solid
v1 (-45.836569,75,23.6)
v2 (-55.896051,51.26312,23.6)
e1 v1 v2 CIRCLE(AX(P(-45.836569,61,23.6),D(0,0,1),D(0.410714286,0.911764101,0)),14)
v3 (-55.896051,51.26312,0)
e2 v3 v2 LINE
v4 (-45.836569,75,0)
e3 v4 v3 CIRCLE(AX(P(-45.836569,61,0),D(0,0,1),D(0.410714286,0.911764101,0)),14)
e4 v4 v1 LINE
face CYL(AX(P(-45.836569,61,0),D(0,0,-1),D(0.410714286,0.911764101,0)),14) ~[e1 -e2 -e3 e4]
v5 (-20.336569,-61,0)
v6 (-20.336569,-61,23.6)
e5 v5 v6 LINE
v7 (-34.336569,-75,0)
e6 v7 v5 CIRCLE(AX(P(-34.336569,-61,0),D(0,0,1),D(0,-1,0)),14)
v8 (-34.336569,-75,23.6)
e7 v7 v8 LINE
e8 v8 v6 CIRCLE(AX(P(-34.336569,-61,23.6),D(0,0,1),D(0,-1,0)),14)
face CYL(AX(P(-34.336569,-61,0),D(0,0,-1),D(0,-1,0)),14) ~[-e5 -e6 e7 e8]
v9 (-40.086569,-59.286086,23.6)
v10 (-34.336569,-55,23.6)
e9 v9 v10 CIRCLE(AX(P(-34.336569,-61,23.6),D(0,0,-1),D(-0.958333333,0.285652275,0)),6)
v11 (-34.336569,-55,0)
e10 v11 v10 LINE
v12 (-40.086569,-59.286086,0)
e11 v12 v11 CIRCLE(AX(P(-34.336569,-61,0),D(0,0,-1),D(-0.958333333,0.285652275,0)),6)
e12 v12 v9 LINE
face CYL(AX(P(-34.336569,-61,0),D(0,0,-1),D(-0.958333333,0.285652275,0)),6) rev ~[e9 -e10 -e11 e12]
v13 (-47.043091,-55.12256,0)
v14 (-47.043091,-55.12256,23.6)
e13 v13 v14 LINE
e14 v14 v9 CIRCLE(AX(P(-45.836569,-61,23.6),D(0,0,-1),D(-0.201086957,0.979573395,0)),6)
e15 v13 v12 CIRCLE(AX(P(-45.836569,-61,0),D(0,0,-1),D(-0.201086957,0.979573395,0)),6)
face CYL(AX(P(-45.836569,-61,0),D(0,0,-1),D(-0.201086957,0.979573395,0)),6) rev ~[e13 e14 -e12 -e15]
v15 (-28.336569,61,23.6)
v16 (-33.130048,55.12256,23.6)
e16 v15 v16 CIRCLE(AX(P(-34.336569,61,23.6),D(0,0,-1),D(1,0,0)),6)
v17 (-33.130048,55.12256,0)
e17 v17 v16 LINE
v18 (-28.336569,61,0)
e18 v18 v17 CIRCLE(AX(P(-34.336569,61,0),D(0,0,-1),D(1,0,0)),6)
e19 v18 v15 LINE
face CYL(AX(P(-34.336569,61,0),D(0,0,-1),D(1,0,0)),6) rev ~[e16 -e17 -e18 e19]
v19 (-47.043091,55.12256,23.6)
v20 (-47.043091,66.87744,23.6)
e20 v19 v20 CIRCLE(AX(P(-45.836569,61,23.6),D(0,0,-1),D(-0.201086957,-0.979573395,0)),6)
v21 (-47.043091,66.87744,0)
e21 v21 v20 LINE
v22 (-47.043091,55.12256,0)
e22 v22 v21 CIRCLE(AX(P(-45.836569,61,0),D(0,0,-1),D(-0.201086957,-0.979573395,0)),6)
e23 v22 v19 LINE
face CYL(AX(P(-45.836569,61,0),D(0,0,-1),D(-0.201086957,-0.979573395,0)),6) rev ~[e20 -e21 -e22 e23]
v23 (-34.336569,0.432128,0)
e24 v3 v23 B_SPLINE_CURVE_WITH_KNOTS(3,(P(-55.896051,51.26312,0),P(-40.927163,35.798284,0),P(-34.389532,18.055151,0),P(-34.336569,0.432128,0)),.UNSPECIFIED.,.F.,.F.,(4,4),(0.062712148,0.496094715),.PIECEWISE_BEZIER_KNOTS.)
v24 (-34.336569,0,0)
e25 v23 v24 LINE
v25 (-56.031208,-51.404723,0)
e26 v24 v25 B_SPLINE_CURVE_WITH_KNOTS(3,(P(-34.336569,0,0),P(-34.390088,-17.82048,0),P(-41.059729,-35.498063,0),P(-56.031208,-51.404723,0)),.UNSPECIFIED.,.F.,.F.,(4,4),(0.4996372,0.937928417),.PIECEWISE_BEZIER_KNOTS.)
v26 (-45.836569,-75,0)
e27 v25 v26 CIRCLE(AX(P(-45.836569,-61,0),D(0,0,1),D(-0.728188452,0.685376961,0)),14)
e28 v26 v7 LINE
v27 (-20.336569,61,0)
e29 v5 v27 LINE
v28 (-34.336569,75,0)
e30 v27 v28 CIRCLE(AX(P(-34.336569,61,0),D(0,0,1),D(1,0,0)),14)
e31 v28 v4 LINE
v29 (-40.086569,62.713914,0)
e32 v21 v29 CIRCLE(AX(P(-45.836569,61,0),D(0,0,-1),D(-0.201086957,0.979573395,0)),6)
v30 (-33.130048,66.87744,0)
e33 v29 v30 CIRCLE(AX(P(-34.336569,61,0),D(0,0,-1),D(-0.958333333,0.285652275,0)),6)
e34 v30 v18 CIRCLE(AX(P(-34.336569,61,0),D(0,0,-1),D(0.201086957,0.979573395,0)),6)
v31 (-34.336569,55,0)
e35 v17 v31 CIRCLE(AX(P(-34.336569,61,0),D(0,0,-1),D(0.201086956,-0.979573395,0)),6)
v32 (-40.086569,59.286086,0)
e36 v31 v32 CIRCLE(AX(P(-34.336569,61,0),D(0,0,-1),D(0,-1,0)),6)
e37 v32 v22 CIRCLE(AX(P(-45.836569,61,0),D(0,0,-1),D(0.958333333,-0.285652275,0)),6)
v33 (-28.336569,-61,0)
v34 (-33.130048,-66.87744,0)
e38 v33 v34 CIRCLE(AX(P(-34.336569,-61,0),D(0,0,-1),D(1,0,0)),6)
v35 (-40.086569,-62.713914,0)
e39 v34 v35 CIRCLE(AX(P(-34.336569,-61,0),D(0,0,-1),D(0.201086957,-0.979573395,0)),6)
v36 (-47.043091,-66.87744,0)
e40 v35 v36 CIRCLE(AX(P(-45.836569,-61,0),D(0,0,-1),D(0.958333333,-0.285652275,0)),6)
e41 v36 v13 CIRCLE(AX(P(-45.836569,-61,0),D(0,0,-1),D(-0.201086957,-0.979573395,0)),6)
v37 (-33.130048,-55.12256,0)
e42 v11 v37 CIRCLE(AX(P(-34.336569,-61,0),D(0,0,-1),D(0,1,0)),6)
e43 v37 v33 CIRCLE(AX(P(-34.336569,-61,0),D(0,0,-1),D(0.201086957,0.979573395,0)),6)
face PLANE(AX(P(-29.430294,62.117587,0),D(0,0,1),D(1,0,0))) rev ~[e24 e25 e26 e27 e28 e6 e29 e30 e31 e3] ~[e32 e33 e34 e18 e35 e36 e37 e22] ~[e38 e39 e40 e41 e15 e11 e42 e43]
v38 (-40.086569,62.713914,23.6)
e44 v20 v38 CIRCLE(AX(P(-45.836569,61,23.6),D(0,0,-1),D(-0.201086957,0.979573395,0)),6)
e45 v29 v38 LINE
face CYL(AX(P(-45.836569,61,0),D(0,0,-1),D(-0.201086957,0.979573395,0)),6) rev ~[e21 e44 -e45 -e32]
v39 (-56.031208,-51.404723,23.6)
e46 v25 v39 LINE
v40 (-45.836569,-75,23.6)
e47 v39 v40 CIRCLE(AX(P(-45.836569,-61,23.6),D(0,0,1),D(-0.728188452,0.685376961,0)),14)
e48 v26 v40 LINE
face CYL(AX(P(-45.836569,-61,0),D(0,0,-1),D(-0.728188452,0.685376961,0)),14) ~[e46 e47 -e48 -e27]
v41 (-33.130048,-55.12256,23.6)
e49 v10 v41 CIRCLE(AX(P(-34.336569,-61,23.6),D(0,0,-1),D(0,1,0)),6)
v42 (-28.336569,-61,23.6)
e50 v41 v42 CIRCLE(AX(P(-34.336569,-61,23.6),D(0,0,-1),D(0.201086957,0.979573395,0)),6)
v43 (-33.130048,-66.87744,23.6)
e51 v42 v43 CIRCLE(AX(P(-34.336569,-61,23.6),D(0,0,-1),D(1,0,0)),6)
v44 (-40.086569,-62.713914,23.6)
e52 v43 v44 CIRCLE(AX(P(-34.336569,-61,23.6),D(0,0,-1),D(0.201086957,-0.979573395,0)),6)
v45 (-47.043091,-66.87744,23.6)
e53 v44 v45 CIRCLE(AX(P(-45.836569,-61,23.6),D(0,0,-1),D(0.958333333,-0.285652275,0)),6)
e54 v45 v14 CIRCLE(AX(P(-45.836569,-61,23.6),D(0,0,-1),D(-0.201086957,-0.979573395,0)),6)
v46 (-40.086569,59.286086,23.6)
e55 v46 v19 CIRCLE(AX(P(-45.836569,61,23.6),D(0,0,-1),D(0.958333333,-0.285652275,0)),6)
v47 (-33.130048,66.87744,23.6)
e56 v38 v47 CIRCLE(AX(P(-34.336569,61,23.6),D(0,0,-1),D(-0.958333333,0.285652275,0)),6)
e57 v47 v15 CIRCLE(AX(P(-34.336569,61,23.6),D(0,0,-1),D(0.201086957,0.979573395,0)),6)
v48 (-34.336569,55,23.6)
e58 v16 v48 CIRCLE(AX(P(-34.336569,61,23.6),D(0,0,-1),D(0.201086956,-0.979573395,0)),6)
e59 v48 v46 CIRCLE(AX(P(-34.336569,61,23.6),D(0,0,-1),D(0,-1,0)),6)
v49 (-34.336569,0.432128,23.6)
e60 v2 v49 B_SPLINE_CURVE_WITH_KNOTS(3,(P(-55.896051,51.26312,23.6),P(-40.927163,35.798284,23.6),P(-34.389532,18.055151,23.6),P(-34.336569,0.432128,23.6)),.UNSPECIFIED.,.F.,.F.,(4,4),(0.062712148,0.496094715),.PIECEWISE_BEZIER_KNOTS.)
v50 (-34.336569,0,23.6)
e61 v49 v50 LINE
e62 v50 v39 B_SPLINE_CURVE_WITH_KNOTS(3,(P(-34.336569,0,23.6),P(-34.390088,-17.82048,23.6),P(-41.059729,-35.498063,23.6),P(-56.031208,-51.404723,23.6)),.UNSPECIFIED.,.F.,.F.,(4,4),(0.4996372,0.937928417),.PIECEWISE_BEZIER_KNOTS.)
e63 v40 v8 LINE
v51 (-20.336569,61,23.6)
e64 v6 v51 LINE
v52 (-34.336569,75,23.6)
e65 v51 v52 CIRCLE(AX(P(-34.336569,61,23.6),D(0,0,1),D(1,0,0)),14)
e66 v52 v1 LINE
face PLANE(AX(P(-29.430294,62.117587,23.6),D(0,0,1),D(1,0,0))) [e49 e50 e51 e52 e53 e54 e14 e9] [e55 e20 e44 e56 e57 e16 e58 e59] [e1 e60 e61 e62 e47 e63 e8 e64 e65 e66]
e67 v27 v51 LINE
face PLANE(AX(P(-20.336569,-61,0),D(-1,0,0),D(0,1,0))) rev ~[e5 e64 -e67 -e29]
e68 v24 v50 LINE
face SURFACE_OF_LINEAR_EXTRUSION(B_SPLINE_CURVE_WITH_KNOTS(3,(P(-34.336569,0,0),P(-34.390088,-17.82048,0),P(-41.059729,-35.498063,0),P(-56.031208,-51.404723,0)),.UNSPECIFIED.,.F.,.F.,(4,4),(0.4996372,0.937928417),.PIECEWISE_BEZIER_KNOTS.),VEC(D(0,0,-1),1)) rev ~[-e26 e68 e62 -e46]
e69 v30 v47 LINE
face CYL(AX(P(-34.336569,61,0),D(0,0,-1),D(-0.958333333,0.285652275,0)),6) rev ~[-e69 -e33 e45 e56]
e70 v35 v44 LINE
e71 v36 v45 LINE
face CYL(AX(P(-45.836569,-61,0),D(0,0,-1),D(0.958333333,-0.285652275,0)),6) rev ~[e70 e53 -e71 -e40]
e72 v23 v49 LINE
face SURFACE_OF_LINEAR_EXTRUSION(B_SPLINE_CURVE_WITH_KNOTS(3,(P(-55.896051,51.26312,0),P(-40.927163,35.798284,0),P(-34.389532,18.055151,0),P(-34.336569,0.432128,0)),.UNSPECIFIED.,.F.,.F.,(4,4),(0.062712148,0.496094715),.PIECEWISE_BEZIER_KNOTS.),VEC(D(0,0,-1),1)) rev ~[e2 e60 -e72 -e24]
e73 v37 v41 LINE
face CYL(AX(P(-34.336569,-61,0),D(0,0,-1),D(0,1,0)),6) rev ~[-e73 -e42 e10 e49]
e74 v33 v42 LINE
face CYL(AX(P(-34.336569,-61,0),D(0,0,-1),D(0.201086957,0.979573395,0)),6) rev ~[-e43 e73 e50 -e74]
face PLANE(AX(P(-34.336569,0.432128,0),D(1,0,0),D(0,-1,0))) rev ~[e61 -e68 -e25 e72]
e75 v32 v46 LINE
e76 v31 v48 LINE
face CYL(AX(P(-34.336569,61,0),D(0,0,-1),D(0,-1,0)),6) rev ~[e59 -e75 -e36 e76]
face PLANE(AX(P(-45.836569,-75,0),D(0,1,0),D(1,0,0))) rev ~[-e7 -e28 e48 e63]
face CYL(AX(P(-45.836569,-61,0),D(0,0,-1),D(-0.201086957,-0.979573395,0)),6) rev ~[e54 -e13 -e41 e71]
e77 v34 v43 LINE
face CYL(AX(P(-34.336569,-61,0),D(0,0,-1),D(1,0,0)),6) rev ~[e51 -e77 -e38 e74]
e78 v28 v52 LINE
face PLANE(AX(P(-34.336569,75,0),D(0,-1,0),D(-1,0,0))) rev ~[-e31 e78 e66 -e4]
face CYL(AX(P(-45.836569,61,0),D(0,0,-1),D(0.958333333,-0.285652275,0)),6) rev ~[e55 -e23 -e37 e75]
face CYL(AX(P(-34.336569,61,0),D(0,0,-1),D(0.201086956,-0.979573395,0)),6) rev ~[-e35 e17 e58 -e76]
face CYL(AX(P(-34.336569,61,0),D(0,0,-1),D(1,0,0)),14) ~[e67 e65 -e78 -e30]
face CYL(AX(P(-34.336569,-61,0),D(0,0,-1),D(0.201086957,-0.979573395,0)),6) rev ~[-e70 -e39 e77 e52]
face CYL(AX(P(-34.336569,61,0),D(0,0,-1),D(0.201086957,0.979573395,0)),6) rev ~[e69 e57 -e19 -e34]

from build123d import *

# Parameters (mm, degrees)
F1_DEPTH = 23.6


with BuildPart() as f1:
    # F0 (on Top) → F1 (new body)
    with BuildSketch(Plane.XY):
        with BuildLine():
            ThreePointArc((-33.1300476876, 66.8774403692), (-29.6868850055, 64.7921543722), (-28.3365694268, 61))
            ThreePointArc((-28.3365694268, 61), (-29.6868850055, 57.2078456278), (-33.1300476876, 55.1225596308))
            ThreePointArc((-33.1300476876, 55.1225596308), (-33.6875488508, 54.042895786), (-34.3365694268, 53.0156402887))
            Line((-34.3365694268, 53.0156402887), (-34.3365694268, 47))
            ThreePointArc((-34.3365694268, 47), (-24.4370744902, 51.1005050634), (-20.3365694268, 61))
            ThreePointArc((-20.3365694268, 61), (-24.4370744902, 70.8994949366), (-34.3365694268, 75))
            ThreePointArc((-34.3365694268, 75), (-37.2771676859, 74.6876908892), (-40.0865694268, 73.7646974112))
            ThreePointArc((-40.0865694268, 73.7646974112), (-35.9867280033, 70.9489006394), (-33.1300476876, 66.8774403692))
        make_face()
        with BuildLine():
            ThreePointArc((-45.8365694268, 75), (-42.8959711677, 74.6876908892), (-40.0865694268, 73.7646974112))
            ThreePointArc((-40.0865694268, 73.7646974112), (-37.2771676859, 74.6876908892), (-34.3365694268, 75))
            Line((-34.3365694268, 75), (-45.8365694268, 75))
        make_face()
        with BuildLine():
            ThreePointArc((-47.0430911659, 66.8774403692), (-44.1864108503, 70.9489006394), (-40.0865694268, 73.7646974112))
            ThreePointArc((-40.0865694268, 73.7646974112), (-42.8959711677, 74.6876908892), (-45.8365694268, 75))
            ThreePointArc((-45.8365694268, 75), (-58.7268044704, 66.4627685766), (-55.8960509898, 51.2631200745))
            ThreePointArc((-55.8960509898, 51.2631200745), (-48.4699754944, 47.2499028191), (-40.0865694268, 48.2353025888))
            ThreePointArc((-40.0865694268, 48.2353025888), (-44.1864108503, 51.0510993606), (-47.0430911659, 55.1225596308))
            ThreePointArc((-47.0430911659, 55.1225596308), (-51.8365694268, 61), (-47.0430911659, 66.8774403692))
        make_face()
        with BuildLine():
            ThreePointArc((-20.3365694268, 61), (-24.4370744902, 51.1005050634), (-34.3365694268, 47))
            Line((-34.3365694268, 47), (-34.3365694268, 0.4321282686))
            add(Edge.make_bspline(
                [(-34.3365694268, 0.4321282686), (-34.3361365089, 0.2880770506), (-34.3361368633, 0.1440338578), (-34.3365694268, 0)],
                knots=[0.496094715, 0.496094715, 0.496094715, 0.496094715, 0.4996371995, 0.4996371995, 0.4996371995, 0.4996371995], degree=3))
            Line((-34.3365694268, 0), (-34.3365694268, -47))
            ThreePointArc((-34.3365694268, -47), (-24.4370744902, -51.1005050634), (-20.3365694268, -61))
            Line((-20.3365694268, -61), (-20.3365694268, 61))
        make_face()
        with BuildLine():
            Line((-34.3365694268, 0.4321282686), (-34.3365694268, 47))
            ThreePointArc((-34.3365694268, 47), (-37.2771676859, 47.3123091108), (-40.0865694268, 48.2353025888))
            ThreePointArc((-40.0865694268, 48.2353025888), (-48.4699754944, 47.2499028191), (-55.8960509898, 51.2631200745))
            add(Edge.make_bspline(
                [(-55.8960509898, 51.2631200745), (-40.9271633104, 35.7982841304), (-34.3895319866, 18.0551513004), (-34.3365694268, 0.4321282686)],
                knots=[0.0627121484, 0.0627121484, 0.0627121484, 0.0627121484, 0.496094715, 0.496094715, 0.496094715, 0.496094715], degree=3))
        make_face()
        with BuildLine():
            add(Edge.make_bspline(
                [(-34.3365694268, 0.4321282686), (-34.3361365089, 0.2880770506), (-34.3361368633, 0.1440338578), (-34.3365694268, 0)],
                knots=[0.496094715, 0.496094715, 0.496094715, 0.496094715, 0.4996371995, 0.4996371995, 0.4996371995, 0.4996371995], degree=3))
            Line((-34.3365694268, 0.4321282686), (-34.3365694268, 0))
        make_face()
        with BuildLine():
            ThreePointArc((-34.3365694268, -75), (-24.4370744902, -70.8994949366), (-20.3365694268, -61))
            ThreePointArc((-20.3365694268, -61), (-24.4370744902, -51.1005050634), (-34.3365694268, -47))
            Line((-34.3365694268, -47), (-34.3365694268, -53.0156402887))
            ThreePointArc((-34.3365694268, -53.0156402887), (-33.6875488508, -54.042895786), (-33.1300476876, -55.1225596308))
            ThreePointArc((-33.1300476876, -55.1225596308), (-29.6868850055, -57.2078456278), (-28.3365694268, -61))
            ThreePointArc((-28.3365694268, -61), (-29.6868850055, -64.7921543722), (-33.1300476876, -66.8774403692))
            ThreePointArc((-33.1300476876, -66.8774403692), (-35.9867280033, -70.9489006394), (-40.0865694268, -73.7646974112))
            ThreePointArc((-40.0865694268, -73.7646974112), (-37.2771676859, -74.6876908892), (-34.3365694268, -75))
        make_face()
        with BuildLine():
            Line((-34.3365694268, -47), (-34.3365694268, 0))
            add(Edge.make_bspline(
                [(-34.3365694268, 0), (-34.3900880153, -17.8204800119), (-41.0597288004, -35.4980627256), (-56.0312077554, -51.4047225497)],
                knots=[0.4996371995, 0.4996371995, 0.4996371995, 0.4996371995, 0.9379284167, 0.9379284167, 0.9379284167, 0.9379284167], degree=3))
            ThreePointArc((-56.0312077554, -51.4047225497), (-48.5660397399, -47.2686493086), (-40.0865694268, -48.2353025888))
            ThreePointArc((-40.0865694268, -48.2353025888), (-37.2771676859, -47.3123091108), (-34.3365694268, -47))
        make_face()
        with BuildLine():
            Line((-45.8365694268, -75), (-34.3365694268, -75))
            ThreePointArc((-34.3365694268, -75), (-37.2771676859, -74.6876908892), (-40.0865694268, -73.7646974112))
            ThreePointArc((-40.0865694268, -73.7646974112), (-42.8959711677, -74.6876908892), (-45.8365694268, -75))
        make_face()
        with BuildLine():
            ThreePointArc((-40.0865694268, -48.2353025888), (-48.5660397399, -47.2686493086), (-56.0312077554, -51.4047225497))
            ThreePointArc((-56.0312077554, -51.4047225497), (-58.6882985771, -66.5527522768), (-45.8365694268, -75))
            ThreePointArc((-45.8365694268, -75), (-42.8959711677, -74.6876908892), (-40.0865694268, -73.7646974112))
            ThreePointArc((-40.0865694268, -73.7646974112), (-44.1864108503, -70.9489006394), (-47.0430911659, -66.8774403692))
            ThreePointArc((-47.0430911659, -66.8774403692), (-51.8365694268, -61), (-47.0430911659, -55.1225596308))
            ThreePointArc((-47.0430911659, -55.1225596308), (-44.1864108503, -51.0510993606), (-40.0865694268, -48.2353025888))
        make_face()
        with BuildLine():
            ThreePointArc((-33.1300476876, -55.1225596308), (-33.6875488508, -54.042895786), (-34.3365694268, -53.0156402887))
            Line((-34.3365694268, -53.0156402887), (-34.3365694268, -55))
            ThreePointArc((-34.3365694268, -55), (-33.730204114, -55.0307185435), (-33.1300476876, -55.1225596308))
        make_face()
        with BuildLine():
            ThreePointArc((-40.0865694268, 62.7139136501), (-37.4178901439, 66.1483456215), (-33.1300476876, 66.8774403692))
            ThreePointArc((-33.1300476876, 66.8774403692), (-35.9867280033, 70.9489006394), (-40.0865694268, 73.7646974112))
            ThreePointArc((-40.0865694268, 73.7646974112), (-44.1864108503, 70.9489006394), (-47.0430911659, 66.8774403692))
            ThreePointArc((-47.0430911659, 66.8774403692), (-42.7552487096, 66.1483456215), (-40.0865694268, 62.7139136501))
        make_face()
        with BuildLine():
            Line((-34.3365694268, 53.0156402887), (-34.3365694268, 55))
            ThreePointArc((-34.3365694268, 55), (-37.922410897, 56.1894136584), (-40.0865694268, 59.2860863499))
            ThreePointArc((-40.0865694268, 59.2860863499), (-42.7552487096, 55.8516543785), (-47.0430911659, 55.1225596308))
            ThreePointArc((-47.0430911659, 55.1225596308), (-44.1864108503, 51.0510993606), (-40.0865694268, 48.2353025888))
            ThreePointArc((-40.0865694268, 48.2353025888), (-36.886511766, 50.2344778172), (-34.3365694268, 53.0156402887))
        make_face()
        with BuildLine():
            Line((-34.3365694268, 47), (-34.3365694268, 53.0156402887))
            ThreePointArc((-34.3365694268, 53.0156402887), (-36.886511766, 50.2344778172), (-40.0865694268, 48.2353025888))
            ThreePointArc((-40.0865694268, 48.2353025888), (-37.2771676859, 47.3123091108), (-34.3365694268, 47))
        make_face()
        with BuildLine():
            ThreePointArc((-47.0430911659, -66.8774403692), (-44.1864108503, -70.9489006394), (-40.0865694268, -73.7646974112))
            ThreePointArc((-40.0865694268, -73.7646974112), (-35.9867280033, -70.9489006394), (-33.1300476876, -66.8774403692))
            ThreePointArc((-33.1300476876, -66.8774403692), (-37.4178901439, -66.1483456215), (-40.0865694268, -62.7139136501))
            ThreePointArc((-40.0865694268, -62.7139136501), (-42.7552487096, -66.1483456215), (-47.0430911659, -66.8774403692))
        make_face()
        with BuildLine():
            Line((-34.3365694268, -53.0156402887), (-34.3365694268, -47))
            ThreePointArc((-34.3365694268, -47), (-37.2771676859, -47.3123091108), (-40.0865694268, -48.2353025888))
            ThreePointArc((-40.0865694268, -48.2353025888), (-36.886511766, -50.2344778172), (-34.3365694268, -53.0156402887))
        make_face()
        with BuildLine():
            Line((-34.3365694268, -55), (-34.3365694268, -53.0156402887))
            ThreePointArc((-34.3365694268, -53.0156402887), (-36.886511766, -50.2344778172), (-40.0865694268, -48.2353025888))
            ThreePointArc((-40.0865694268, -48.2353025888), (-44.1864108503, -51.0510993606), (-47.0430911659, -55.1225596308))
            ThreePointArc((-47.0430911659, -55.1225596308), (-42.7552487096, -55.8516543785), (-40.0865694268, -59.2860863499))
            ThreePointArc((-40.0865694268, -59.2860863499), (-37.922410897, -56.1894136584), (-34.3365694268, -55))
        make_face()
        with BuildLine():
            ThreePointArc((-34.3365694268, 53.0156402887), (-33.6875488508, 54.042895786), (-33.1300476876, 55.1225596308))
            ThreePointArc((-33.1300476876, 55.1225596308), (-33.730204114, 55.0307185435), (-34.3365694268, 55))
            Line((-34.3365694268, 55), (-34.3365694268, 53.0156402887))
        make_face()
    extrude(amount=F1_DEPTH)


solid = f1.part
